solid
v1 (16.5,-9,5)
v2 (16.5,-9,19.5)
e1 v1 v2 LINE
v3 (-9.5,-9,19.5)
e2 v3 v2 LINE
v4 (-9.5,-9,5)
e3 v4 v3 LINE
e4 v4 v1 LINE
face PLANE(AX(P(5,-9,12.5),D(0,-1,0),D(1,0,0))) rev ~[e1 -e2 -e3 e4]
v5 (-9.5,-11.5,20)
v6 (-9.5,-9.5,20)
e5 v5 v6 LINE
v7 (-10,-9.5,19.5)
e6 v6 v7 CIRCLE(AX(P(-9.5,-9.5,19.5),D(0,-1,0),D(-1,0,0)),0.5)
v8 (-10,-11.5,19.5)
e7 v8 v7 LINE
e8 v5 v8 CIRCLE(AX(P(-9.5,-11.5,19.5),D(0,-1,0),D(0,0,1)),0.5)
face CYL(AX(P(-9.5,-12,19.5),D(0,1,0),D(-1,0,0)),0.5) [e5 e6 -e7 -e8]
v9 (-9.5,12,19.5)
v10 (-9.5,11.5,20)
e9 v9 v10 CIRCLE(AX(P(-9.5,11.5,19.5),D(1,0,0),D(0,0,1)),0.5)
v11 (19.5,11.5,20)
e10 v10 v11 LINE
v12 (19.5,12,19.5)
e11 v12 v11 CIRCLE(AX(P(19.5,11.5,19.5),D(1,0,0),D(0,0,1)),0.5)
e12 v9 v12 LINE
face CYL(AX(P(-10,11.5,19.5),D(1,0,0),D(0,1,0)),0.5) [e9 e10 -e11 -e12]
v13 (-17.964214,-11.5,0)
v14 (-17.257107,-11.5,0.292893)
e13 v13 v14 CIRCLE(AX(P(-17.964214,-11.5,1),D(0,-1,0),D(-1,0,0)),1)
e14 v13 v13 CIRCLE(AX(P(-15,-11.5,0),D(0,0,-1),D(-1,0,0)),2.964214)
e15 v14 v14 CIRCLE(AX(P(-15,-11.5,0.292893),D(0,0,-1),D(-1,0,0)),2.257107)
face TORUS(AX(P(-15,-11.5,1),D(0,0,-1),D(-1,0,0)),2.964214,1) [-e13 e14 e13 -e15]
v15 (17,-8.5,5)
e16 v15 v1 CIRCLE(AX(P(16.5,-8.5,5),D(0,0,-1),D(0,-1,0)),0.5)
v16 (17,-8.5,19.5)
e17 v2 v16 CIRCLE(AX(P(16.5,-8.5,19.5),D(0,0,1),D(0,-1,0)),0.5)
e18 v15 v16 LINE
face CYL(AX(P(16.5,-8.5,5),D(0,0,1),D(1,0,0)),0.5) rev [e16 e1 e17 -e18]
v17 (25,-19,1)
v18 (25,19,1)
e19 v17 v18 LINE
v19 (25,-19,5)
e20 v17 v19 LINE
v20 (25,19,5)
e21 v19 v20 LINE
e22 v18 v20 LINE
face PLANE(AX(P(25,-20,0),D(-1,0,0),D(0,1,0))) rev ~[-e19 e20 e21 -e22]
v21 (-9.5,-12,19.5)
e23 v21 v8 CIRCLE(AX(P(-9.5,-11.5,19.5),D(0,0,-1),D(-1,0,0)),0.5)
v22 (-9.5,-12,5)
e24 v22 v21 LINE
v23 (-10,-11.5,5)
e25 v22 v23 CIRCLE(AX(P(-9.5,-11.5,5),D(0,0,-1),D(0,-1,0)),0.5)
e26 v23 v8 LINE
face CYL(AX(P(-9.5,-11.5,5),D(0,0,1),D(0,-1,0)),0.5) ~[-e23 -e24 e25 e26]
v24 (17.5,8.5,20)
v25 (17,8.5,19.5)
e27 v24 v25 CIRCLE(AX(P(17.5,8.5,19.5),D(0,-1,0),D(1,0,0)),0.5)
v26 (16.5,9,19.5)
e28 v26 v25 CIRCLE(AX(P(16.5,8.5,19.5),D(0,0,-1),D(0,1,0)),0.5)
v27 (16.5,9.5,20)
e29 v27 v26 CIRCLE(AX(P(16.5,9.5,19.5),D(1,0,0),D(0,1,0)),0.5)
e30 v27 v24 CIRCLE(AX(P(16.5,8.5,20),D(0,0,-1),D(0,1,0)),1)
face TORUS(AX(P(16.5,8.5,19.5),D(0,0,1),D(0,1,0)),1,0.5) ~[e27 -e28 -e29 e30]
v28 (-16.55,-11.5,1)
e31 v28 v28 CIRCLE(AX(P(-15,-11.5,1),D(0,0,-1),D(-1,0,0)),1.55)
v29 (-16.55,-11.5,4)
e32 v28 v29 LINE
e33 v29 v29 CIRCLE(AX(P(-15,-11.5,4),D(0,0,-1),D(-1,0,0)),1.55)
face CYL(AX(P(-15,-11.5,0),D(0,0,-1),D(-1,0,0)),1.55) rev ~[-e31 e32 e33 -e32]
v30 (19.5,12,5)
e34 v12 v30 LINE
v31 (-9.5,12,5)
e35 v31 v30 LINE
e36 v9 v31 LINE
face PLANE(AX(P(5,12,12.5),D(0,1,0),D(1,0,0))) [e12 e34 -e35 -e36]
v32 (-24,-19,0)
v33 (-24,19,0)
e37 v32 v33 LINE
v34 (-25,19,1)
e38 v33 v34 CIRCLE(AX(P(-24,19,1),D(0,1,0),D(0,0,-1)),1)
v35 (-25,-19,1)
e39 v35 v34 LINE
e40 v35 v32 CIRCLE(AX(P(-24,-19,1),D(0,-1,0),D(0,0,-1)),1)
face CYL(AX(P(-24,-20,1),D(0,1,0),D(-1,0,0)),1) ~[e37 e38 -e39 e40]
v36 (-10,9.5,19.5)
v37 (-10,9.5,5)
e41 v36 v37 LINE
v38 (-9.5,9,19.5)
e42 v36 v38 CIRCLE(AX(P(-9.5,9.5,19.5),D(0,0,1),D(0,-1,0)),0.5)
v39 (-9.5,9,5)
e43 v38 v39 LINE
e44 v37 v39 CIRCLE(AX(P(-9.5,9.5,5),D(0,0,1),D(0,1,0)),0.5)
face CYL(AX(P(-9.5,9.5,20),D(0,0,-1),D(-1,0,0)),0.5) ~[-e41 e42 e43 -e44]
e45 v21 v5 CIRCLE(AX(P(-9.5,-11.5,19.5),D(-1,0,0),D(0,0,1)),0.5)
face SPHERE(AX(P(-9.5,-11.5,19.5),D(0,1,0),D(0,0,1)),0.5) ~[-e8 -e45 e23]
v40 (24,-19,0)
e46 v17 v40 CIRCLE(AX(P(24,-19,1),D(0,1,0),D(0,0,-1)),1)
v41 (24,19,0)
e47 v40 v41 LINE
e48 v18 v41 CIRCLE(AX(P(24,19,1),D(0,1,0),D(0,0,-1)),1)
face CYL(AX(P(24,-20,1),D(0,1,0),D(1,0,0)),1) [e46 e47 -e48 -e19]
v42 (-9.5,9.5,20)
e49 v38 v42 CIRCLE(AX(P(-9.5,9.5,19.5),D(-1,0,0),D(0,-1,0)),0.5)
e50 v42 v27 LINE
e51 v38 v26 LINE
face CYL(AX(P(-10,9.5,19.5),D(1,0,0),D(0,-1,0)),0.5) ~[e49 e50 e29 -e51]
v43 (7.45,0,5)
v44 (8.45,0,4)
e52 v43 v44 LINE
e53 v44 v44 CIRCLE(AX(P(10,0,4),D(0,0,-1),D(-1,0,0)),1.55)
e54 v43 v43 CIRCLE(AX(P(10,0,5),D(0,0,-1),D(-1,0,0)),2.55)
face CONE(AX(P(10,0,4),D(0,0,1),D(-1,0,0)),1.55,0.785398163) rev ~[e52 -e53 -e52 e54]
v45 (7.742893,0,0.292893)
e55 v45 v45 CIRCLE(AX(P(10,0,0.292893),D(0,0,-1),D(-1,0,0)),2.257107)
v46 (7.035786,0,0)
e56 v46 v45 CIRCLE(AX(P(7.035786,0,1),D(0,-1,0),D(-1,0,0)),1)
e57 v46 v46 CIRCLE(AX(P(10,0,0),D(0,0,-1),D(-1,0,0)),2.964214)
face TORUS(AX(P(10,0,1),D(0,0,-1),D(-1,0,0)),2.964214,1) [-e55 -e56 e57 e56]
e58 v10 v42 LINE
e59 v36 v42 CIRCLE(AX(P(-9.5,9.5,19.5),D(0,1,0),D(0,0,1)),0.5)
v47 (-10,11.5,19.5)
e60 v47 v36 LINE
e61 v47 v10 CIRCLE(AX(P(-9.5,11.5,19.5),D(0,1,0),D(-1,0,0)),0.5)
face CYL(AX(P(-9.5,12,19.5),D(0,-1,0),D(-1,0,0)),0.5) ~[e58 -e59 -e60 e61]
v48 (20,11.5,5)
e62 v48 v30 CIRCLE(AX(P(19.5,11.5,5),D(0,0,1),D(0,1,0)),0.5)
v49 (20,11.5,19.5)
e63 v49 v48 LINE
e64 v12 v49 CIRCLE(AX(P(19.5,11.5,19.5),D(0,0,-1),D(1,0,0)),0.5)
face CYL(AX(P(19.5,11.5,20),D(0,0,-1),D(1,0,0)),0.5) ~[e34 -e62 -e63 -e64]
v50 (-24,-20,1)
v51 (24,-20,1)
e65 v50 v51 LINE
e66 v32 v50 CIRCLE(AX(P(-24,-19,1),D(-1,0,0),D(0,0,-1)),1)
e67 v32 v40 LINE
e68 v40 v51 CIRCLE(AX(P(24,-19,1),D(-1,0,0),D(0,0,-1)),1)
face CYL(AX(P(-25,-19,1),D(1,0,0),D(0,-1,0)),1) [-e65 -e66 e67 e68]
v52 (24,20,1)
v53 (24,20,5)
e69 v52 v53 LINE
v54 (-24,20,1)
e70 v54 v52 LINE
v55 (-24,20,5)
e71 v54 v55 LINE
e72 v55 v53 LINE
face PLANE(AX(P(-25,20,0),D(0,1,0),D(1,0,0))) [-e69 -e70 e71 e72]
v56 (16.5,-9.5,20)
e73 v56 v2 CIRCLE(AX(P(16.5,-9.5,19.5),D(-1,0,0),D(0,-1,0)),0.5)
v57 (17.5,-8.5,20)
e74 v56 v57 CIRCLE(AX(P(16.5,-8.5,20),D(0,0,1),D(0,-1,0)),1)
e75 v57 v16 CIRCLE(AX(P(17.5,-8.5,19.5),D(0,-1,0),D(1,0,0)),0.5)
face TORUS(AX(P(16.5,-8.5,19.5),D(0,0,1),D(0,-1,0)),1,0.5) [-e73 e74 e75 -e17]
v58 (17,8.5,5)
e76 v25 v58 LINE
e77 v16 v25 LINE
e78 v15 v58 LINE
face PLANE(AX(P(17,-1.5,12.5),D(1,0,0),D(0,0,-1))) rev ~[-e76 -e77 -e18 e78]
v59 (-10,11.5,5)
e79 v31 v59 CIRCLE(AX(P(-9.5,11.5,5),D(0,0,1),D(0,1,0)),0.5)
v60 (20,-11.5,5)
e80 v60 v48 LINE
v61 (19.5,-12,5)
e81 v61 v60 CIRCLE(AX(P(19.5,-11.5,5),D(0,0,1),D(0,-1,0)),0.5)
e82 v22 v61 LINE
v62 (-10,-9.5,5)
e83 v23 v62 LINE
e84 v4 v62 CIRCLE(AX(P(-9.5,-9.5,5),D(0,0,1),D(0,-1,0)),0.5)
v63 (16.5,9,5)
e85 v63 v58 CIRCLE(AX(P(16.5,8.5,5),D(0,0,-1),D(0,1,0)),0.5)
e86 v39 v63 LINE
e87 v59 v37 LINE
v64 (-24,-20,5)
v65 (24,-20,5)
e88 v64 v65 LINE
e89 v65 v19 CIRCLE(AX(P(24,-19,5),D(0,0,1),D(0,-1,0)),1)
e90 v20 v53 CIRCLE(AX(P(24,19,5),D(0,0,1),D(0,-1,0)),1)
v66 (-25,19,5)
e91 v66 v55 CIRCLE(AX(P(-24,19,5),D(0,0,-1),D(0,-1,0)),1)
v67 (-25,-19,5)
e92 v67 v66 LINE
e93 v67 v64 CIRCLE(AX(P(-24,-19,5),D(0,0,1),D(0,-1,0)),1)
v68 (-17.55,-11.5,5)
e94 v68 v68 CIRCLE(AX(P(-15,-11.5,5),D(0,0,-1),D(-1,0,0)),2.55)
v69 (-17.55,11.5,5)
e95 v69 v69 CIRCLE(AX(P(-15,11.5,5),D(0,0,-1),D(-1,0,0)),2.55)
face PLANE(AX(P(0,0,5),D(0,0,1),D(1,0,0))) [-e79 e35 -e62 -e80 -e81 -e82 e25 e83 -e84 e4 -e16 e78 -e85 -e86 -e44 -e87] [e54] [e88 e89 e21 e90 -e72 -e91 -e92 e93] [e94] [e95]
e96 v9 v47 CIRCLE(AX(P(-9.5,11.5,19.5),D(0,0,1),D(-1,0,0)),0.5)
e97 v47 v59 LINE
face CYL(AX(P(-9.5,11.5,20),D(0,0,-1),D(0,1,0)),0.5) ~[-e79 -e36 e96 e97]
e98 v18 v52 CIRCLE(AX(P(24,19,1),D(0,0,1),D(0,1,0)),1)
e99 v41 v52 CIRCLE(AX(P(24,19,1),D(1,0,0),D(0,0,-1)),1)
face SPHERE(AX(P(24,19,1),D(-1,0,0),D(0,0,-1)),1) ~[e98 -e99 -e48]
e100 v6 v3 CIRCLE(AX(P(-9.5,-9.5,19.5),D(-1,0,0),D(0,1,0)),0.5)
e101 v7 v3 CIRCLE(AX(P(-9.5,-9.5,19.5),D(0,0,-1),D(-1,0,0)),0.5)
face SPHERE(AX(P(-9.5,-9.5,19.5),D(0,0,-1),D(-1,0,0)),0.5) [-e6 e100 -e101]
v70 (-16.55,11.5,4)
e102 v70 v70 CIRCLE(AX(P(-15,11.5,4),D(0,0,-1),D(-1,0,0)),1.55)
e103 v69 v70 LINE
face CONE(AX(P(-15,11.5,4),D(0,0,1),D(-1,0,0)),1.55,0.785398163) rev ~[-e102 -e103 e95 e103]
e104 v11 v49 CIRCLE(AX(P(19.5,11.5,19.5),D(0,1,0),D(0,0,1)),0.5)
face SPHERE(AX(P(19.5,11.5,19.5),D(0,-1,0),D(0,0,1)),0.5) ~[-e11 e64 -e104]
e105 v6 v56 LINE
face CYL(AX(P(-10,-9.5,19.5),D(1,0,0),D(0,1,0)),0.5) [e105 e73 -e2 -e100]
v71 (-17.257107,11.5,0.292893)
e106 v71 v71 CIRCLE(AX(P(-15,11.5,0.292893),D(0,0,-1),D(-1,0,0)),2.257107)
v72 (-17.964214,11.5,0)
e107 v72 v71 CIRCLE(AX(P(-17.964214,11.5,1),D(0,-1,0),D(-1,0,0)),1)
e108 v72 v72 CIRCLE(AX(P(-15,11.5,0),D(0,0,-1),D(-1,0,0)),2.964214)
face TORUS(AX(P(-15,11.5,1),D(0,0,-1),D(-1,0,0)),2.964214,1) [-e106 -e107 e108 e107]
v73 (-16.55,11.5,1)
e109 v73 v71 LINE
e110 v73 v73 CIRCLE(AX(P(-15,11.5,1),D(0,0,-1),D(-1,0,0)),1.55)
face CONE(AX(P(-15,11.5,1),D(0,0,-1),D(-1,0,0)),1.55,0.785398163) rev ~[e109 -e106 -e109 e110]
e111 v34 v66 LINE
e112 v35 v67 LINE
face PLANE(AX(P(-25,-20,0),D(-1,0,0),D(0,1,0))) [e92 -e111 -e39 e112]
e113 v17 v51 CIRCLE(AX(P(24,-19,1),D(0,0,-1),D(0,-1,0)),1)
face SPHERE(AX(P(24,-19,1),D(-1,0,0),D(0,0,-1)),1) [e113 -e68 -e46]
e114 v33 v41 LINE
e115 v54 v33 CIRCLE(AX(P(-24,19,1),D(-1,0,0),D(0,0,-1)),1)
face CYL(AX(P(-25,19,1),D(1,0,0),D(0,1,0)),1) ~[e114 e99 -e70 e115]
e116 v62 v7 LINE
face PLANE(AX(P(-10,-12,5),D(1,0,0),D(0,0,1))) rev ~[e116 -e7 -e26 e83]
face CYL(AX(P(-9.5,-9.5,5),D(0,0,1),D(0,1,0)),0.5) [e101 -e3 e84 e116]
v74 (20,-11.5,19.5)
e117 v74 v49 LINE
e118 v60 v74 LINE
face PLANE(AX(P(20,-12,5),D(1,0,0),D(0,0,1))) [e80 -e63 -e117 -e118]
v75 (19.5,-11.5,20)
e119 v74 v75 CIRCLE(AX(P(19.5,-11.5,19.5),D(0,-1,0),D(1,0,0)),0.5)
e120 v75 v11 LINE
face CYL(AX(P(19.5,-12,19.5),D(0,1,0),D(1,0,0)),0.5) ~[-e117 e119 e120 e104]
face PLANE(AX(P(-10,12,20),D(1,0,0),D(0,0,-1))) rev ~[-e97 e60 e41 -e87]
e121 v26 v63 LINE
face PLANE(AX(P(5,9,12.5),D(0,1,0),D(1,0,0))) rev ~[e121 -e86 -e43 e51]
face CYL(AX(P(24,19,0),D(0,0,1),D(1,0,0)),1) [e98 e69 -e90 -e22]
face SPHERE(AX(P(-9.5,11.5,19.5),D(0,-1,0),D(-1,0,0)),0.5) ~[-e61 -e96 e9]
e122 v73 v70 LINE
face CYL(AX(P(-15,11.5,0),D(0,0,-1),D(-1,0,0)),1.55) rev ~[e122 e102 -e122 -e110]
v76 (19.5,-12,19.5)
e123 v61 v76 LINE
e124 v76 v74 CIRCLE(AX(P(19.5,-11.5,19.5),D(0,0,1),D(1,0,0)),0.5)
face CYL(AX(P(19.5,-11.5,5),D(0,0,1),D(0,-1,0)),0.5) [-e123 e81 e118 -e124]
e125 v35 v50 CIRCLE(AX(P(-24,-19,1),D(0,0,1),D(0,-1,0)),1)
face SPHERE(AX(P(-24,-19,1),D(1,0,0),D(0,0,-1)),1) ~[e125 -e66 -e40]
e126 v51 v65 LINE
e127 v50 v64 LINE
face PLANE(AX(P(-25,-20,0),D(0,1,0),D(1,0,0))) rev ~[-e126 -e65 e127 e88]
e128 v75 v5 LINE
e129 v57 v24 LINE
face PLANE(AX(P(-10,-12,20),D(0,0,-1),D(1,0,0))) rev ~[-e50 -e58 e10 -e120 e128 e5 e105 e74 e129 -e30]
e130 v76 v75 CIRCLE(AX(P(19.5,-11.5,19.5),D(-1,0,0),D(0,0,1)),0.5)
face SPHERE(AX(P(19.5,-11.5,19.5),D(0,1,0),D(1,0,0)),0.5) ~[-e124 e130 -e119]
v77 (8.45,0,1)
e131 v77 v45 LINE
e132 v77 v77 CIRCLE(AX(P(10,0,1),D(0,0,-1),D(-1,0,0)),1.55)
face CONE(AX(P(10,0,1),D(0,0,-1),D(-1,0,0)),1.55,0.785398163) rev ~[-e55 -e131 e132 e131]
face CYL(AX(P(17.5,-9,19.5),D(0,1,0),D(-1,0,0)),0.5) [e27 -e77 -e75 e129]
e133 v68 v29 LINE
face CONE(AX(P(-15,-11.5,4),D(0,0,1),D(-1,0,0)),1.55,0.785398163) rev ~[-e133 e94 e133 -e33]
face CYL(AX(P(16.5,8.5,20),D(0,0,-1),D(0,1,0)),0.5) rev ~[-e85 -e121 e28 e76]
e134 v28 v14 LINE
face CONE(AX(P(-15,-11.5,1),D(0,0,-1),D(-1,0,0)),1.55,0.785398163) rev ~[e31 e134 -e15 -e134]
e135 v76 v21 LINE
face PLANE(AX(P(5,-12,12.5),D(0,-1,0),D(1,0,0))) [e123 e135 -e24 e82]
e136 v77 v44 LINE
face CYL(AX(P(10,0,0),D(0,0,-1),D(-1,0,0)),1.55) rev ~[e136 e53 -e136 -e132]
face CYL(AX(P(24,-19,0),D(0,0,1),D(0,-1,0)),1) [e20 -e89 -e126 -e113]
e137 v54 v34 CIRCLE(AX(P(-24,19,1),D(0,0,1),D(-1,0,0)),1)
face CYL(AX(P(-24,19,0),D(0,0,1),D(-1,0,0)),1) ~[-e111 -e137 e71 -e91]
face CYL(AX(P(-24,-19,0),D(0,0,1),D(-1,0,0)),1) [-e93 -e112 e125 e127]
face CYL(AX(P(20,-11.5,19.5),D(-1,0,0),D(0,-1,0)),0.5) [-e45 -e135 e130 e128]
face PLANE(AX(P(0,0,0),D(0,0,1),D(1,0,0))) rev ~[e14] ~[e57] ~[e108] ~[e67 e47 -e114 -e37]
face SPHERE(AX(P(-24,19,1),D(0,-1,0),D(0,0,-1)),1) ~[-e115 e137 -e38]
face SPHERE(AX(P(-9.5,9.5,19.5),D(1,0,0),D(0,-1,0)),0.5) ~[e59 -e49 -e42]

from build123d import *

# Parameters (mm, degrees)
SKETCH_2_W          = 50
SKETCH_2_H          = 40
EXTRUDE_1_DEPTH     = 5
EXTRUDE_START       = -8
SKETCH_5_W          = 30
SKETCH_5_H          = 15
EXTRUDE_2_DEPTH     = 3
SKETCH_6_W          = 30
SKETCH_6_H          = 15
EXTRUDE_3_DEPTH     = 3
CUT_EXTRUDE_1_REACH = 39.749
SKETCH_7_R          = 1.55
SKETCH_8_W          = 15
SKETCH_8_H          = 21
EXTRUDE_4_DEPTH     = 3
FILLET_4_R          = 0.5
CHAMFER_1_SIZE      = 1
FILLET_3_R          = 1


with BuildPart() as part:
    # 草图2 → 凸台-拉伸1 (new body)
    with BuildSketch(Plane.XY):
        Rectangle(SKETCH_2_W, SKETCH_2_H)
    extrude(amount=EXTRUDE_1_DEPTH)

    # 草图5 → 凸台-拉伸2 (add)
    with BuildSketch(Plane.XZ.offset(20).offset(EXTRUDE_START)):
        with Locations((5, 12.5)):
            Rectangle(SKETCH_5_W, SKETCH_5_H)
    extrude(amount=-EXTRUDE_2_DEPTH)

    # 草图6 → 凸台-拉伸3 (add)
    with BuildSketch(Plane(origin=(0, 20, 0), x_dir=(1, 0, 0), z_dir=(0, 1, 0)).offset(EXTRUDE_START)):
        with Locations((5, -12.5)):
            Rectangle(SKETCH_6_W, SKETCH_6_H)
    extrude(amount=-EXTRUDE_3_DEPTH)

    # 草图7 → 切除-拉伸1 (cut, up to next)
    with BuildSketch(Plane(origin=(0, 0, 0), x_dir=(-1, 0, 0), z_dir=(0, 0, -1)), mode=Mode.PRIVATE) as cut_extrude_1_sk1:
        with Locations((-10, 0)):
            Circle(SKETCH_7_R)
    cut_extrude_1_tool1 = extrude(cut_extrude_1_sk1.sketch, amount=-CUT_EXTRUDE_1_REACH, mode=Mode.PRIVATE) & part.part
    # 草图7 → 切除-拉伸1 (cut, up to next)
    with BuildSketch(Plane(origin=(0, 0, 0), x_dir=(-1, 0, 0), z_dir=(0, 0, -1)), mode=Mode.PRIVATE) as cut_extrude_1_sk2:
        with Locations((15, -11.5)):
            Circle(SKETCH_7_R)
    cut_extrude_1_tool2 = extrude(cut_extrude_1_sk2.sketch, amount=-CUT_EXTRUDE_1_REACH, mode=Mode.PRIVATE) & part.part
    # 草图7 → 切除-拉伸1 (cut, up to next)
    with BuildSketch(Plane(origin=(0, 0, 0), x_dir=(-1, 0, 0), z_dir=(0, 0, -1)), mode=Mode.PRIVATE) as cut_extrude_1_sk3:
        with Locations((15, 11.5)):
            Circle(SKETCH_7_R)
    cut_extrude_1_tool3 = extrude(cut_extrude_1_sk3.sketch, amount=-CUT_EXTRUDE_1_REACH, mode=Mode.PRIVATE) & part.part
    add(cut_extrude_1_tool1.solids().sort_by_distance((10, 0, 0))[0], mode=Mode.SUBTRACT)
    add(cut_extrude_1_tool2.solids().sort_by_distance((-15, -11.5, 0))[0], mode=Mode.SUBTRACT)
    add(cut_extrude_1_tool3.solids().sort_by_distance((-15, 11.5, 0))[0], mode=Mode.SUBTRACT)

    # 草图8 → 凸台-拉伸4 (add)
    with BuildSketch(Plane(origin=(20, 0, 0), x_dir=(0, 0, -1), z_dir=(1, 0, 0))):
        with Locations((-12.5, -1.5)):
            Rectangle(SKETCH_8_W, SKETCH_8_H)
    extrude(amount=-EXTRUDE_4_DEPTH)

    # 圆角4
    fillet_4_edges = [part.edges().sort_by_distance(p)[0] for p in [
        (-10, -9, 12.5),
        (-10, -10.5, 20),
        (20, 0, 20),
        (20, -12, 12.5),
        (5, -12, 20),
        (-10, -12, 12.5),
        (3.5, 9, 20),
        (-10, 9, 12.5),
        (-10, 10.5, 20),
        (-10, 12, 12.5),
        (5, 12, 20),
        (20, 12, 12.5),
        (3.5, -9, 20),
        (17, 0, 20),
        (17, -9, 12.5),
        (17, 9, 12.5),
    ]]
    fillet(fillet_4_edges, radius=FILLET_4_R)

    # 倒角1
    chamfer_1_edges = [part.edges().sort_by_distance(p)[0] for p in [
        (11.55, 0, 0),
        (11.55, 0, 5),
        (-13.45, -11.5, 0),
        (-13.45, -11.5, 5),
        (-13.45, 11.5, 0),
        (-13.45, 11.5, 5),
    ]]
    chamfer(chamfer_1_edges, length=CHAMFER_1_SIZE)

    # 圆角3
    fillet_3_edges = [part.edges().sort_by_distance(p)[0] for p in [
        (12.55, 0, 0),
        (-12.45, -11.5, 0),
        (-12.45, 11.5, 0),
        (0, -20, 0),
        (-25, 0, 0),
        (0, 20, 0),
        (25, 0, 0),
        (25, -20, 2.5),
        (-25, -20, 2.5),
        (-25, 20, 2.5),
        (25, 20, 2.5),
    ]]
    fillet(fillet_3_edges, radius=FILLET_3_R)


solid = part.part
